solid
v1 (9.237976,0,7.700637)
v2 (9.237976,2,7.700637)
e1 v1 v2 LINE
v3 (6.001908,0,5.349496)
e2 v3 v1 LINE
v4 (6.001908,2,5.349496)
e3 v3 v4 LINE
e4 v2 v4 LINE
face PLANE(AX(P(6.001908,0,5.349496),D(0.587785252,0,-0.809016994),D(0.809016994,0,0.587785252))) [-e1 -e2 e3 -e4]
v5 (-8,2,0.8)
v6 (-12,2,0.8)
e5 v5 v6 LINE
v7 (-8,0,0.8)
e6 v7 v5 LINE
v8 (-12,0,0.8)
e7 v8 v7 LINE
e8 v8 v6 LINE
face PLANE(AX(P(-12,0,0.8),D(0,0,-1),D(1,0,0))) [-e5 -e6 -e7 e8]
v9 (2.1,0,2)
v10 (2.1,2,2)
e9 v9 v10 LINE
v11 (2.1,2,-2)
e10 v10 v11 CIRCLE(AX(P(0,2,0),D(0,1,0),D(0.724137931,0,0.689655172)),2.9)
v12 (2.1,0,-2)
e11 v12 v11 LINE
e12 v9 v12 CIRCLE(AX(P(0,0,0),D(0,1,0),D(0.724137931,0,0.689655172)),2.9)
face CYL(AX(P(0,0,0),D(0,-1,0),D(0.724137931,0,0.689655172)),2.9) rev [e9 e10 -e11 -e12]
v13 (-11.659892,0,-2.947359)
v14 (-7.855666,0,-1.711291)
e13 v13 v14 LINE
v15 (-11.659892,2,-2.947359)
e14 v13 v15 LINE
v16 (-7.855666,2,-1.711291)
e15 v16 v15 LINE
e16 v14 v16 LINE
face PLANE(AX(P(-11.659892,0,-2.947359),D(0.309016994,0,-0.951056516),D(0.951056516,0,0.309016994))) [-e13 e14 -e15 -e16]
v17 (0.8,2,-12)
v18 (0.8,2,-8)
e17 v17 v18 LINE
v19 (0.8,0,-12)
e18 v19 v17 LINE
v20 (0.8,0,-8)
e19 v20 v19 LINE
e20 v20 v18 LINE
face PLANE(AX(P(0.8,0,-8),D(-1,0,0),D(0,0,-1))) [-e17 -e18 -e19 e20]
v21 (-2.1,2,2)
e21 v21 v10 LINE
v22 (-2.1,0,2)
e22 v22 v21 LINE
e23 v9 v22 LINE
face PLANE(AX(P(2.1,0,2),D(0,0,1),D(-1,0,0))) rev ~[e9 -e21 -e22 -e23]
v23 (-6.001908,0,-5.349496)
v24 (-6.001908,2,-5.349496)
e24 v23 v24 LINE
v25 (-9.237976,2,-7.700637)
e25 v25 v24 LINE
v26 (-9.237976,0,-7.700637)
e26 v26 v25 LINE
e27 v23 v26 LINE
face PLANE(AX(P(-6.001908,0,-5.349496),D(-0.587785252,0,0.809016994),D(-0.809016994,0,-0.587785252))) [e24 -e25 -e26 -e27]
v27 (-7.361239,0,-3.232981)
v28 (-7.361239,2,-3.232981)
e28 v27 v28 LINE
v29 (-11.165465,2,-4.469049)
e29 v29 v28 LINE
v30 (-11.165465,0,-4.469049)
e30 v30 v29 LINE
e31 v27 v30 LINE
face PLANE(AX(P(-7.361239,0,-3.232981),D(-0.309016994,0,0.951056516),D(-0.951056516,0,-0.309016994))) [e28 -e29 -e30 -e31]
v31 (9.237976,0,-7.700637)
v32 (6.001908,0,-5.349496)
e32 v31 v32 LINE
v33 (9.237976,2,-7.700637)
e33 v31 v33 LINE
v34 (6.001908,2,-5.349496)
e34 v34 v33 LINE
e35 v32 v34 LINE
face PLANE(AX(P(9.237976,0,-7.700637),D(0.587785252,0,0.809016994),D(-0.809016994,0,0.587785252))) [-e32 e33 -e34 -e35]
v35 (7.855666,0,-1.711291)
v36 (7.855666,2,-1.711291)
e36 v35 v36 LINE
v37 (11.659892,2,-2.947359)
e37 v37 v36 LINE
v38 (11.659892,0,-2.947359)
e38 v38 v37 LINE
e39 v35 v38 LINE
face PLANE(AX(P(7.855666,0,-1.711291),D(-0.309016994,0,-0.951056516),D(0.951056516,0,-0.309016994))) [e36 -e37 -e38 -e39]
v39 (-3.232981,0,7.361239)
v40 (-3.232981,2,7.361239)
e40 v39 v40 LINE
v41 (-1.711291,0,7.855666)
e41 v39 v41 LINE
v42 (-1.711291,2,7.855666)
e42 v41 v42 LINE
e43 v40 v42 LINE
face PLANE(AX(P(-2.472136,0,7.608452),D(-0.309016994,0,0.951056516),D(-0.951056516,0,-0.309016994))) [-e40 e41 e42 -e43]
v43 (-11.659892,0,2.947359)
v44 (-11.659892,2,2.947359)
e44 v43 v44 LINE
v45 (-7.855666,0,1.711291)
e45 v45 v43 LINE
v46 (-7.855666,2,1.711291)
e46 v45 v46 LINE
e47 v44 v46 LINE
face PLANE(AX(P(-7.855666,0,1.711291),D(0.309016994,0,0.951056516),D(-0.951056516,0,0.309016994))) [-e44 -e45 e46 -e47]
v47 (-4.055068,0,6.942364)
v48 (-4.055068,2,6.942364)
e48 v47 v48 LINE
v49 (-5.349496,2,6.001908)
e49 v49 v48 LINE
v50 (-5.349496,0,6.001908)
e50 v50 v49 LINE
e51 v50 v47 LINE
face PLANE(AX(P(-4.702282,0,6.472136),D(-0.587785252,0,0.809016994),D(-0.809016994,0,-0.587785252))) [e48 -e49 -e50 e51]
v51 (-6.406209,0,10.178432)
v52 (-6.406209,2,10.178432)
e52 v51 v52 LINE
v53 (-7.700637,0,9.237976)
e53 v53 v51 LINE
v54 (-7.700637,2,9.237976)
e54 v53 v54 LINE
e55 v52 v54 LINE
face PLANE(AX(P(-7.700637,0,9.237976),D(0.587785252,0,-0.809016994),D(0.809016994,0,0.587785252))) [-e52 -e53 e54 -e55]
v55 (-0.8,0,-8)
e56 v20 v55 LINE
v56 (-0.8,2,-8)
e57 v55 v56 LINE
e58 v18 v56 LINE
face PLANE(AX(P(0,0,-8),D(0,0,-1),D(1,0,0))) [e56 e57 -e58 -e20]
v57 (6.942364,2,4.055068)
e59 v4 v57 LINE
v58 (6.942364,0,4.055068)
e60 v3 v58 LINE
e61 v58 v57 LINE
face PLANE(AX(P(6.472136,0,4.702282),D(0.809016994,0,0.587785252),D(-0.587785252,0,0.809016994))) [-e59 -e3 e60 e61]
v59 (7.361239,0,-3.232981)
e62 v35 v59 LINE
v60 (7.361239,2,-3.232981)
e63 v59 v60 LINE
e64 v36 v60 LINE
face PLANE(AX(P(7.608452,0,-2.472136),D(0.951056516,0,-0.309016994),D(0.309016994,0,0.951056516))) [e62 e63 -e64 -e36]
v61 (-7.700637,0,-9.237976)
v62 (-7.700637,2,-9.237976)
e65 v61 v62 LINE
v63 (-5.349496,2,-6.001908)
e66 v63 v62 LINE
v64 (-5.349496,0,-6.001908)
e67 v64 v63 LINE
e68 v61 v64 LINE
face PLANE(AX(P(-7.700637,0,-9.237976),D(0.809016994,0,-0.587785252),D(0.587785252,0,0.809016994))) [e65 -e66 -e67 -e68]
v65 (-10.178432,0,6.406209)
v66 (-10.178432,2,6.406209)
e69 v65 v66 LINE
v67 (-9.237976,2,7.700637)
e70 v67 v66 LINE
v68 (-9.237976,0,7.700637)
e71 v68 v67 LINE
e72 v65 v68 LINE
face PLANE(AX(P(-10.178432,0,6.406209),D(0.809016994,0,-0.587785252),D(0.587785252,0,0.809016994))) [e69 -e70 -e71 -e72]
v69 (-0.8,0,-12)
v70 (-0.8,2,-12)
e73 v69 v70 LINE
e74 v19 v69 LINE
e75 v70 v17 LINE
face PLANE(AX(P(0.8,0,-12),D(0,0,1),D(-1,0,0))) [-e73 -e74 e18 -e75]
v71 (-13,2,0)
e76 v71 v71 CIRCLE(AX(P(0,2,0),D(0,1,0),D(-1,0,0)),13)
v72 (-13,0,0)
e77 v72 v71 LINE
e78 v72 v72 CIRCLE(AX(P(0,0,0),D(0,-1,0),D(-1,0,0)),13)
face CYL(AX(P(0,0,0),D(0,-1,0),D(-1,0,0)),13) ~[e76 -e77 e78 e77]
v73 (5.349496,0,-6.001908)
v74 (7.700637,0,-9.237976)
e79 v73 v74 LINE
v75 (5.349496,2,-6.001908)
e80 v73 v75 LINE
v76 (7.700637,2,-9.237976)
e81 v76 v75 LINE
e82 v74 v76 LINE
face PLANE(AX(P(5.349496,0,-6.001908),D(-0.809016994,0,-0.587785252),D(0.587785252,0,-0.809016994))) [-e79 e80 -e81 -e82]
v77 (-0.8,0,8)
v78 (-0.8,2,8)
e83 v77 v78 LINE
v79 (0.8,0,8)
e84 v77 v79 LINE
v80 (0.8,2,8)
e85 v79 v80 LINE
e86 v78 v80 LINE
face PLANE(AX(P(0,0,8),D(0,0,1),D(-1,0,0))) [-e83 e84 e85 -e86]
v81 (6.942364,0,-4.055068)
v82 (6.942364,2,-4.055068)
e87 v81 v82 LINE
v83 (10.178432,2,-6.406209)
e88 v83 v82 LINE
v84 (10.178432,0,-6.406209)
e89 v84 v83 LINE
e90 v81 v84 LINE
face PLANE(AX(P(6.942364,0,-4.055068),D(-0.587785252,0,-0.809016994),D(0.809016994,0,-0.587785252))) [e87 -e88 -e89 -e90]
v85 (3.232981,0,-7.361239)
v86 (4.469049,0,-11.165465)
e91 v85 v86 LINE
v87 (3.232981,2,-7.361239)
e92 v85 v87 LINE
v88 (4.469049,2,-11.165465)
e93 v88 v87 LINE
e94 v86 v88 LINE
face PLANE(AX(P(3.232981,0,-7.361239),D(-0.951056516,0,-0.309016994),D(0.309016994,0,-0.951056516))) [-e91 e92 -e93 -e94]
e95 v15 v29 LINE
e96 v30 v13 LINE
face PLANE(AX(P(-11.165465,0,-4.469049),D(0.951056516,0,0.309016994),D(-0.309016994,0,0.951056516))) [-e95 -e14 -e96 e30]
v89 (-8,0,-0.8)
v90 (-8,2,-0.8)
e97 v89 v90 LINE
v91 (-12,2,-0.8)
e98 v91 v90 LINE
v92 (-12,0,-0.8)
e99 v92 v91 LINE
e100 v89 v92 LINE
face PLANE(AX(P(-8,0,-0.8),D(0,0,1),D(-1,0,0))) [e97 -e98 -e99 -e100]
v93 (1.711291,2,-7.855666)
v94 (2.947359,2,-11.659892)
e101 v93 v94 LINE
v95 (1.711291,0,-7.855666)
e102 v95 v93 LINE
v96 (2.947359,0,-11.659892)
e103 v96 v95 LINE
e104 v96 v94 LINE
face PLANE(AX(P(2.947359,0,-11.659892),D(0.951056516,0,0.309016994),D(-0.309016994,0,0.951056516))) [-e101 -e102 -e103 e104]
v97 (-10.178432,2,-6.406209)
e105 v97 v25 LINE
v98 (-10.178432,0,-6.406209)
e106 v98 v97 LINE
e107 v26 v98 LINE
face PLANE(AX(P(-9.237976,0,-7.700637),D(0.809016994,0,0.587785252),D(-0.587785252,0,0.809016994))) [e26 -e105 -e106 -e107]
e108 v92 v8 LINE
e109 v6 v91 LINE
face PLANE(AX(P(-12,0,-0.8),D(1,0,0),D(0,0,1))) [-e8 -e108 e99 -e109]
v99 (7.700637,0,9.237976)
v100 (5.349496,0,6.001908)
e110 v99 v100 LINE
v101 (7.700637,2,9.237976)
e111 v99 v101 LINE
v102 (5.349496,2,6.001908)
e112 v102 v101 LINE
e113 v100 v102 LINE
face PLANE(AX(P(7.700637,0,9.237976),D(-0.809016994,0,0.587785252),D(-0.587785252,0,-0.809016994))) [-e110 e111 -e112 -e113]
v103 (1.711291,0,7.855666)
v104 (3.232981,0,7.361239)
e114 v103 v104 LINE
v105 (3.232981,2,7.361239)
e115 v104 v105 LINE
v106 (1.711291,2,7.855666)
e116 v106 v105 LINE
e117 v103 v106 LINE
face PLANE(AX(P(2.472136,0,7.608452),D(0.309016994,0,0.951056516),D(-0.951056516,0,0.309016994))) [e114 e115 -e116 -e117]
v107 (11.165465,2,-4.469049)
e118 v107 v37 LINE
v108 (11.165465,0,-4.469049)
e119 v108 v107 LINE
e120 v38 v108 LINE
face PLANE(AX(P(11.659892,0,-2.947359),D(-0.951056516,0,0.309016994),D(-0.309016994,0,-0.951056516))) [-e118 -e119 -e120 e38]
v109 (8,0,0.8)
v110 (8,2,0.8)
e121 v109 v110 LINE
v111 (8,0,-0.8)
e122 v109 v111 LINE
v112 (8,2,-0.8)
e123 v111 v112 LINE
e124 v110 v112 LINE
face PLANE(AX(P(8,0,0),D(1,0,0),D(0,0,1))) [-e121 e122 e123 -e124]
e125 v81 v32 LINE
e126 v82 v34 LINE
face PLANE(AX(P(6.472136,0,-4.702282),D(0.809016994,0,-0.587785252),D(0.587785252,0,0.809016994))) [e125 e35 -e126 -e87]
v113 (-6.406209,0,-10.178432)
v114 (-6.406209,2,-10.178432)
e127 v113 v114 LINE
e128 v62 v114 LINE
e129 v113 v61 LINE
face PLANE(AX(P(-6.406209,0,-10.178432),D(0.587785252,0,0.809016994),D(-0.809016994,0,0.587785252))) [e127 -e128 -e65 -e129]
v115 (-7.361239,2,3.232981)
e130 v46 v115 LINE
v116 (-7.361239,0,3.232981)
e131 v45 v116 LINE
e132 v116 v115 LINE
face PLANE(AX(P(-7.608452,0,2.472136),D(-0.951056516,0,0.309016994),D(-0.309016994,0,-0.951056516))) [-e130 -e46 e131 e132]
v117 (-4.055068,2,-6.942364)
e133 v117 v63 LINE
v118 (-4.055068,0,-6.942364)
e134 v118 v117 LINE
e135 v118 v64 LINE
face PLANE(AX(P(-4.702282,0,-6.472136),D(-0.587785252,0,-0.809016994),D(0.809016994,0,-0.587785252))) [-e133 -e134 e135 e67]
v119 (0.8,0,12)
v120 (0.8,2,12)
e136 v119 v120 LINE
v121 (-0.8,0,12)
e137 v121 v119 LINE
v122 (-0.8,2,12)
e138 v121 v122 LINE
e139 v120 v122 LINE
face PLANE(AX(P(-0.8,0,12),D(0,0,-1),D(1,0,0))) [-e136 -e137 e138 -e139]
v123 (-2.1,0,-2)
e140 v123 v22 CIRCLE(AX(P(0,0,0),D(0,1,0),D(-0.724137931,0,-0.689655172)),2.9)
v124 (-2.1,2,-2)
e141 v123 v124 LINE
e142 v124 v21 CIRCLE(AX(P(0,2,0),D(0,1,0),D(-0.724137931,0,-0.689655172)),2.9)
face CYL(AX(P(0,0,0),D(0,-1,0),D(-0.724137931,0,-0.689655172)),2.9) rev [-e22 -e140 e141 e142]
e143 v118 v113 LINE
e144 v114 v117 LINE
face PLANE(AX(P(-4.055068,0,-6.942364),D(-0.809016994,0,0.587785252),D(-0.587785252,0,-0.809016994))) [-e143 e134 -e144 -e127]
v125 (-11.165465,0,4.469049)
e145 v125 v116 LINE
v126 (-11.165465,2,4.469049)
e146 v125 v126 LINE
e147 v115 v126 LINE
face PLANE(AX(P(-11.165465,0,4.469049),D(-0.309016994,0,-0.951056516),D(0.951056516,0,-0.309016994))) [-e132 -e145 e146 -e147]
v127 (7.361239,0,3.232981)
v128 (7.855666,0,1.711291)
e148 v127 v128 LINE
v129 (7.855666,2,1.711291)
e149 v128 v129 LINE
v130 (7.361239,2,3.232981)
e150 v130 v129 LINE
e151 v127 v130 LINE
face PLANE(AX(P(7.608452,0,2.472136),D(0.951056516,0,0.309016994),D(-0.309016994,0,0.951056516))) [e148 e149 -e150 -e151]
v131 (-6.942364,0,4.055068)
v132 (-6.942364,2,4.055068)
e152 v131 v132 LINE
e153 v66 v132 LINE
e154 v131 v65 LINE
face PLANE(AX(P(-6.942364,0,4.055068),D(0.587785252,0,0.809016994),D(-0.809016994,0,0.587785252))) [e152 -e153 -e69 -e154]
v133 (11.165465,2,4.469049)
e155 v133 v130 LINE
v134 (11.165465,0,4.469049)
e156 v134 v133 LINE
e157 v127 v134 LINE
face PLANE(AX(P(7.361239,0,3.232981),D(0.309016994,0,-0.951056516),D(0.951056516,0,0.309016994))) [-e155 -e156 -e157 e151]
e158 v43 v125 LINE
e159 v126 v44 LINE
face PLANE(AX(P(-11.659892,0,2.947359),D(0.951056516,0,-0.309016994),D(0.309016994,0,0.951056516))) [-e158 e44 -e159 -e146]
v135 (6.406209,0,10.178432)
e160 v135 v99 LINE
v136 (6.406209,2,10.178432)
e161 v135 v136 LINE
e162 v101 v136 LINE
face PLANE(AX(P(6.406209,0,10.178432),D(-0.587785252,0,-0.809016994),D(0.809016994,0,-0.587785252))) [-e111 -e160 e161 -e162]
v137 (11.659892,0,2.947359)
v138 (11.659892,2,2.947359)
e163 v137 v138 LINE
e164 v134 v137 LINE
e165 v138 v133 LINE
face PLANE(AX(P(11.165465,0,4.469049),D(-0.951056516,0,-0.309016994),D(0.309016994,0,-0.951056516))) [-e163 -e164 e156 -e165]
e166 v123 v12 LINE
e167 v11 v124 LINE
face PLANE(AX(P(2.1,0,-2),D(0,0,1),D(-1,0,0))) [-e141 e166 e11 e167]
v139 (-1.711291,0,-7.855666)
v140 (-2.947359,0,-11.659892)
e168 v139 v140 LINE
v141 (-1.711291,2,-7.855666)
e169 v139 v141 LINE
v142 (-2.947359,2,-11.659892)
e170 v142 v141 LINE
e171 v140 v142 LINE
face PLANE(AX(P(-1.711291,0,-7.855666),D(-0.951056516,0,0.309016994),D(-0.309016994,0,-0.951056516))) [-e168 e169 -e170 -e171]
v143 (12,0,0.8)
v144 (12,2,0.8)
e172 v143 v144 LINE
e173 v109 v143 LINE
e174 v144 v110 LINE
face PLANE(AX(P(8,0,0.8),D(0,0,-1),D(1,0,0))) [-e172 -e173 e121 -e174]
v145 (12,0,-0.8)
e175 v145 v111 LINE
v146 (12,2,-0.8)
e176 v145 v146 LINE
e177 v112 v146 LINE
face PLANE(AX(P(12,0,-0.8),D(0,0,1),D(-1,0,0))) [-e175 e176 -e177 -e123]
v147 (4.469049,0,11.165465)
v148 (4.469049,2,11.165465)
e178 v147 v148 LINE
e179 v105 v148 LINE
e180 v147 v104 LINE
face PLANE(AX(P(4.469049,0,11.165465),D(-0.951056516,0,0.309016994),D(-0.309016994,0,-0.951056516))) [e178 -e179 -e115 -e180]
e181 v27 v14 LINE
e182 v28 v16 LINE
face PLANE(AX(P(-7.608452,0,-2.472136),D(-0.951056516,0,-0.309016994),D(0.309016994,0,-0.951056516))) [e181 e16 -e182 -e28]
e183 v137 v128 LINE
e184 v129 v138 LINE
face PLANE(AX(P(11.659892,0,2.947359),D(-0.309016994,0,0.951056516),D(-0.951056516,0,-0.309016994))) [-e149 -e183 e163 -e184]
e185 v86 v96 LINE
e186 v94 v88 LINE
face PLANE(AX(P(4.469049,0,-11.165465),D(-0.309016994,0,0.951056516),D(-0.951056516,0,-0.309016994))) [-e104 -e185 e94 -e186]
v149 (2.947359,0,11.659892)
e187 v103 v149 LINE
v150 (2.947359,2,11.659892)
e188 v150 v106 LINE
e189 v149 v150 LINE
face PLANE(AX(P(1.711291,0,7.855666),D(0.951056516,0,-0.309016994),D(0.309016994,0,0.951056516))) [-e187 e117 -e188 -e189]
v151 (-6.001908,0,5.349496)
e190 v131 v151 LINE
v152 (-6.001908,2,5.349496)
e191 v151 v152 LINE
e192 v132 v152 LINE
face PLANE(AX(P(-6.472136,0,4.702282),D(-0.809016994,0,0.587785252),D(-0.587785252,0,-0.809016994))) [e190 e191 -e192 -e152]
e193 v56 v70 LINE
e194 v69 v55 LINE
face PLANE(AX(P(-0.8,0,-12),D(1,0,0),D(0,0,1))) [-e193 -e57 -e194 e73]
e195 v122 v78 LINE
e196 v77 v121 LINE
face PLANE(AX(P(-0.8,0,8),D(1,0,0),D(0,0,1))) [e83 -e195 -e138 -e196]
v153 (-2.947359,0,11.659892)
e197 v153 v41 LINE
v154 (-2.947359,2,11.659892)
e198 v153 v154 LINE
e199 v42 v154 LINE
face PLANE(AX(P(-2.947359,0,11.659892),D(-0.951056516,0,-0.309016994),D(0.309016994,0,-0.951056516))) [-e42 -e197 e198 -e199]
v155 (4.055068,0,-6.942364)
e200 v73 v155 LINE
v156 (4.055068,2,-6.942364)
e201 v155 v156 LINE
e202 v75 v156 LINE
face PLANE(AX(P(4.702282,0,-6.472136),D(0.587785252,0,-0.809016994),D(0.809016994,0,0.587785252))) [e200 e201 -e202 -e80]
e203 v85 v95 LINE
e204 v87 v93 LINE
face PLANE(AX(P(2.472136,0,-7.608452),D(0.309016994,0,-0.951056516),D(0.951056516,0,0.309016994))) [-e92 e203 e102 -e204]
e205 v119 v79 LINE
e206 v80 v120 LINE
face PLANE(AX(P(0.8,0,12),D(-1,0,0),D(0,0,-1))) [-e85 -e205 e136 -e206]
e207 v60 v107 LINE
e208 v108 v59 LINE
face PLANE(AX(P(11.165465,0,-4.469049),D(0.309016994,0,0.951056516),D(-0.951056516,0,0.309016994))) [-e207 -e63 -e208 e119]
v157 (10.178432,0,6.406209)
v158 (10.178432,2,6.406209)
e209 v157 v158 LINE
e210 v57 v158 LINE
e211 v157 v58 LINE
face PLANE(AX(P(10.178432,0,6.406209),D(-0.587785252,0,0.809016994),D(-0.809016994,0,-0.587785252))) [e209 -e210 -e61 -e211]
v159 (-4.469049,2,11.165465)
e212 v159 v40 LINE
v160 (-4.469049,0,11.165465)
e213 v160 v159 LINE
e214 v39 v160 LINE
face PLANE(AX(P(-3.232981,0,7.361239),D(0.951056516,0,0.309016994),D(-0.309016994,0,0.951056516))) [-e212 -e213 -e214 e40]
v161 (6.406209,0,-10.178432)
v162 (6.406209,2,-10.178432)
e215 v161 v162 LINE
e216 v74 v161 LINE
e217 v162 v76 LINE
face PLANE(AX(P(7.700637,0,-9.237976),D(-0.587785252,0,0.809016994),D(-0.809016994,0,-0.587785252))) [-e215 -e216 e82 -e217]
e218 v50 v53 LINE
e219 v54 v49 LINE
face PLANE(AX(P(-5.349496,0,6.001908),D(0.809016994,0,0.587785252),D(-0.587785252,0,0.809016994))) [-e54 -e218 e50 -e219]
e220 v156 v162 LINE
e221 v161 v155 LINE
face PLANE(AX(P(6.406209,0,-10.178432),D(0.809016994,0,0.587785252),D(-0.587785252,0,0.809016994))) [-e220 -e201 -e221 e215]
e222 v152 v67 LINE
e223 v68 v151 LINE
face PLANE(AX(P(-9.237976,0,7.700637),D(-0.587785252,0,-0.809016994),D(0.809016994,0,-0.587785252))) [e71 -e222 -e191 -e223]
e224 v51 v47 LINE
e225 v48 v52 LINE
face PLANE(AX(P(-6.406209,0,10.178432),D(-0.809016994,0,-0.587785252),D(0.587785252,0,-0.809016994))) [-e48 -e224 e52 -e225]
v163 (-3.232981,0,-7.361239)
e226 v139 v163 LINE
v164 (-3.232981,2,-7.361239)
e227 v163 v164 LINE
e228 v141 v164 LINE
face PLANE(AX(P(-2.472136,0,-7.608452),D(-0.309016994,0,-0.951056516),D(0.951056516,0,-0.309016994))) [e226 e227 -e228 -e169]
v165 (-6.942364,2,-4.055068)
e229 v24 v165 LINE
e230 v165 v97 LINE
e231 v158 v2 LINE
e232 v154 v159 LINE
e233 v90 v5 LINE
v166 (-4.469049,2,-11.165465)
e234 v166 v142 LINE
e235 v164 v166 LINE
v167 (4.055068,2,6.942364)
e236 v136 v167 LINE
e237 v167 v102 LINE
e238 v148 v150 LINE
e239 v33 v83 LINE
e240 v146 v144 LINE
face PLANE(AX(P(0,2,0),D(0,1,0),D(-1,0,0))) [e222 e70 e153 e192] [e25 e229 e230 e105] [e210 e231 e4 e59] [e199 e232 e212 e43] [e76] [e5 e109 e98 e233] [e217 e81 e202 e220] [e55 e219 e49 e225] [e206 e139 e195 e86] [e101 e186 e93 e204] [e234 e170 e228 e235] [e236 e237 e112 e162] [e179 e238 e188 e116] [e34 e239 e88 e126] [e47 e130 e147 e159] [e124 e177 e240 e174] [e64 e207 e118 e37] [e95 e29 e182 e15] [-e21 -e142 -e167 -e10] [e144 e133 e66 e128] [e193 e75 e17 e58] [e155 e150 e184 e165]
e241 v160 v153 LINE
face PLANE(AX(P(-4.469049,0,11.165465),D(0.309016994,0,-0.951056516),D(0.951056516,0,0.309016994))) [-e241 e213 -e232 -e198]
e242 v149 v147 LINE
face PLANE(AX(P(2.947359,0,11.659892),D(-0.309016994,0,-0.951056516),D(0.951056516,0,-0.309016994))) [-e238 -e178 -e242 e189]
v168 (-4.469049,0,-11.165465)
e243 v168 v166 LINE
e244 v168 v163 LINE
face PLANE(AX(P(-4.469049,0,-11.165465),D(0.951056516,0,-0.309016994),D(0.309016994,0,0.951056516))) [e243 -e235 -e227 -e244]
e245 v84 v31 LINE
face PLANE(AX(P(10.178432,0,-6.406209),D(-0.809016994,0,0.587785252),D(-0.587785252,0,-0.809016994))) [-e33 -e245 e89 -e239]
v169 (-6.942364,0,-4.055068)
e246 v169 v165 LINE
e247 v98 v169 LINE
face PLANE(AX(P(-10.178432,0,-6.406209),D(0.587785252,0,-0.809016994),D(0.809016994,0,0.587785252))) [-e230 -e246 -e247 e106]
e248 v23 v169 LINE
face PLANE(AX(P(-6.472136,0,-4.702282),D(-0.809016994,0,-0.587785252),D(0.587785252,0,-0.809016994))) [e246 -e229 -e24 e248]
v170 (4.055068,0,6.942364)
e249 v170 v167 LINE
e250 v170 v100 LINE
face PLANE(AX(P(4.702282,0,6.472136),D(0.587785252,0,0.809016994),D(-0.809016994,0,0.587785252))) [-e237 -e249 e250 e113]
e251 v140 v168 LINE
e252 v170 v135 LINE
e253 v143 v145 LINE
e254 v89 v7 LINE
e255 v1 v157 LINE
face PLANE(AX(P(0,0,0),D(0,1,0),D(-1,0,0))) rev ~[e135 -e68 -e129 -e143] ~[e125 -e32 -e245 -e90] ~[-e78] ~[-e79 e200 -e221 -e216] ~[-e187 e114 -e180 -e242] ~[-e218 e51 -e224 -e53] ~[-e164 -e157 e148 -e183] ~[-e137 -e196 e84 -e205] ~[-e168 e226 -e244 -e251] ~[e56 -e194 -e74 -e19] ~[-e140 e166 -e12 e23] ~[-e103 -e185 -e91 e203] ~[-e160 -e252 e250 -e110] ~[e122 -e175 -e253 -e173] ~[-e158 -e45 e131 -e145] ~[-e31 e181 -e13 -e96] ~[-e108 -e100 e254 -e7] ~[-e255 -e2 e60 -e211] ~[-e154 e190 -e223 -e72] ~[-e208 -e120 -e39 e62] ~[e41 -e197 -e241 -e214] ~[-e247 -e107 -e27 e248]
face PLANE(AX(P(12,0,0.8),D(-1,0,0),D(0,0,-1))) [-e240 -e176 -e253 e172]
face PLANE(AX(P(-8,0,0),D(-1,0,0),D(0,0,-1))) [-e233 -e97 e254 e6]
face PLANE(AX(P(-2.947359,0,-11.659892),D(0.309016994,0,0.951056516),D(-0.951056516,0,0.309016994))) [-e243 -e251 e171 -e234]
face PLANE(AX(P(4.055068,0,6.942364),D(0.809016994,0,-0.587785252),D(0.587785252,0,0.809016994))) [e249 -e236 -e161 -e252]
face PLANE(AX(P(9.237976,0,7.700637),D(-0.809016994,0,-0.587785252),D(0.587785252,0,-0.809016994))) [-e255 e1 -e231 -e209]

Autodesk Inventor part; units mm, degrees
ref_plane "YZ Plane" through (0, 0, 0) normal (1, 0, 0) x (0, 1, 0)
ref_plane "XZ Plane" through (0, 0, 0) normal (0, 1, 0) x (-1, 0, 0)
ref_plane "XY Plane" through (0, 0, 0) normal (0, 0, 1) x (1, 0, 0)
sketch "Esboço1" plane through (0, 0, 0) normal (0, 1, 0) x (-1, 0, 0)
  line L0 (-2.1, 2) -> (2.1, 2)
  line L1 (-2.1, -2) -> (2.1, -2)
  arc A0 (-2.1, 2) -> (-2.1, -2) centre (0, 0) ccw
  arc A1 (2.1, -2) -> (2.1, 2) centre (0, 0) ccw
  circle A2 centre (0, 0) radius 13
  line L2 (0, -18.2) -> (0, 18.2) projected
  dimension "d2" = 2
  dimension "d3" = 2
  dimension "d4" = 2.9
  dimension "d5" = 2.9
  dimension "d40" = 2
  dimension "d41" = 26
extrude "Extrusão4" add sketch "Esboço1" along normal blind 2 contours A0 L1 L2 A2 L0 | L2 A2 L1 A1 L0
sketch "Esboço17" plane through (0, 0, 0) normal (0, -1, 0) x (1, 0, 0)
  line L0 (-0.8, 12) -> (0.8, 12)
  line L1 (0.8, 12) -> (0.8, 8)
  line L2 (0.8, 8) -> (-0.8, 8)
  line L3 (-0.8, 8) -> (-0.8, 12)
  line L4 (0, 18.2) -> (0, -18.2) projected
  point P0 (0, 0)
  point P1 (0, 8)
  dimension "d114" = 8
  dimension "d115" = 4
  dimension "d116" = 0.8
  dimension "d117" = 0.8
extrude "Extrusão14" cut sketch "Esboço17" against normal through all
pattern_circular "Padrão circular10" count 20 over 360 about axis through (0, 0, 0) along (0, 1, 0) of "Extrusão14"
ref_plane "Plano de trabalho4" through (0, 1, 0) normal (0, -1, 0) x (1, 0, 0)
equation "\"d2\" = d40"
equation "\"d3\" = d40"
equation "\"d4\" = d5"
equation "\"d117\" = d116"
properties part number "Encoder Disco-Novo-12-furos-04"
